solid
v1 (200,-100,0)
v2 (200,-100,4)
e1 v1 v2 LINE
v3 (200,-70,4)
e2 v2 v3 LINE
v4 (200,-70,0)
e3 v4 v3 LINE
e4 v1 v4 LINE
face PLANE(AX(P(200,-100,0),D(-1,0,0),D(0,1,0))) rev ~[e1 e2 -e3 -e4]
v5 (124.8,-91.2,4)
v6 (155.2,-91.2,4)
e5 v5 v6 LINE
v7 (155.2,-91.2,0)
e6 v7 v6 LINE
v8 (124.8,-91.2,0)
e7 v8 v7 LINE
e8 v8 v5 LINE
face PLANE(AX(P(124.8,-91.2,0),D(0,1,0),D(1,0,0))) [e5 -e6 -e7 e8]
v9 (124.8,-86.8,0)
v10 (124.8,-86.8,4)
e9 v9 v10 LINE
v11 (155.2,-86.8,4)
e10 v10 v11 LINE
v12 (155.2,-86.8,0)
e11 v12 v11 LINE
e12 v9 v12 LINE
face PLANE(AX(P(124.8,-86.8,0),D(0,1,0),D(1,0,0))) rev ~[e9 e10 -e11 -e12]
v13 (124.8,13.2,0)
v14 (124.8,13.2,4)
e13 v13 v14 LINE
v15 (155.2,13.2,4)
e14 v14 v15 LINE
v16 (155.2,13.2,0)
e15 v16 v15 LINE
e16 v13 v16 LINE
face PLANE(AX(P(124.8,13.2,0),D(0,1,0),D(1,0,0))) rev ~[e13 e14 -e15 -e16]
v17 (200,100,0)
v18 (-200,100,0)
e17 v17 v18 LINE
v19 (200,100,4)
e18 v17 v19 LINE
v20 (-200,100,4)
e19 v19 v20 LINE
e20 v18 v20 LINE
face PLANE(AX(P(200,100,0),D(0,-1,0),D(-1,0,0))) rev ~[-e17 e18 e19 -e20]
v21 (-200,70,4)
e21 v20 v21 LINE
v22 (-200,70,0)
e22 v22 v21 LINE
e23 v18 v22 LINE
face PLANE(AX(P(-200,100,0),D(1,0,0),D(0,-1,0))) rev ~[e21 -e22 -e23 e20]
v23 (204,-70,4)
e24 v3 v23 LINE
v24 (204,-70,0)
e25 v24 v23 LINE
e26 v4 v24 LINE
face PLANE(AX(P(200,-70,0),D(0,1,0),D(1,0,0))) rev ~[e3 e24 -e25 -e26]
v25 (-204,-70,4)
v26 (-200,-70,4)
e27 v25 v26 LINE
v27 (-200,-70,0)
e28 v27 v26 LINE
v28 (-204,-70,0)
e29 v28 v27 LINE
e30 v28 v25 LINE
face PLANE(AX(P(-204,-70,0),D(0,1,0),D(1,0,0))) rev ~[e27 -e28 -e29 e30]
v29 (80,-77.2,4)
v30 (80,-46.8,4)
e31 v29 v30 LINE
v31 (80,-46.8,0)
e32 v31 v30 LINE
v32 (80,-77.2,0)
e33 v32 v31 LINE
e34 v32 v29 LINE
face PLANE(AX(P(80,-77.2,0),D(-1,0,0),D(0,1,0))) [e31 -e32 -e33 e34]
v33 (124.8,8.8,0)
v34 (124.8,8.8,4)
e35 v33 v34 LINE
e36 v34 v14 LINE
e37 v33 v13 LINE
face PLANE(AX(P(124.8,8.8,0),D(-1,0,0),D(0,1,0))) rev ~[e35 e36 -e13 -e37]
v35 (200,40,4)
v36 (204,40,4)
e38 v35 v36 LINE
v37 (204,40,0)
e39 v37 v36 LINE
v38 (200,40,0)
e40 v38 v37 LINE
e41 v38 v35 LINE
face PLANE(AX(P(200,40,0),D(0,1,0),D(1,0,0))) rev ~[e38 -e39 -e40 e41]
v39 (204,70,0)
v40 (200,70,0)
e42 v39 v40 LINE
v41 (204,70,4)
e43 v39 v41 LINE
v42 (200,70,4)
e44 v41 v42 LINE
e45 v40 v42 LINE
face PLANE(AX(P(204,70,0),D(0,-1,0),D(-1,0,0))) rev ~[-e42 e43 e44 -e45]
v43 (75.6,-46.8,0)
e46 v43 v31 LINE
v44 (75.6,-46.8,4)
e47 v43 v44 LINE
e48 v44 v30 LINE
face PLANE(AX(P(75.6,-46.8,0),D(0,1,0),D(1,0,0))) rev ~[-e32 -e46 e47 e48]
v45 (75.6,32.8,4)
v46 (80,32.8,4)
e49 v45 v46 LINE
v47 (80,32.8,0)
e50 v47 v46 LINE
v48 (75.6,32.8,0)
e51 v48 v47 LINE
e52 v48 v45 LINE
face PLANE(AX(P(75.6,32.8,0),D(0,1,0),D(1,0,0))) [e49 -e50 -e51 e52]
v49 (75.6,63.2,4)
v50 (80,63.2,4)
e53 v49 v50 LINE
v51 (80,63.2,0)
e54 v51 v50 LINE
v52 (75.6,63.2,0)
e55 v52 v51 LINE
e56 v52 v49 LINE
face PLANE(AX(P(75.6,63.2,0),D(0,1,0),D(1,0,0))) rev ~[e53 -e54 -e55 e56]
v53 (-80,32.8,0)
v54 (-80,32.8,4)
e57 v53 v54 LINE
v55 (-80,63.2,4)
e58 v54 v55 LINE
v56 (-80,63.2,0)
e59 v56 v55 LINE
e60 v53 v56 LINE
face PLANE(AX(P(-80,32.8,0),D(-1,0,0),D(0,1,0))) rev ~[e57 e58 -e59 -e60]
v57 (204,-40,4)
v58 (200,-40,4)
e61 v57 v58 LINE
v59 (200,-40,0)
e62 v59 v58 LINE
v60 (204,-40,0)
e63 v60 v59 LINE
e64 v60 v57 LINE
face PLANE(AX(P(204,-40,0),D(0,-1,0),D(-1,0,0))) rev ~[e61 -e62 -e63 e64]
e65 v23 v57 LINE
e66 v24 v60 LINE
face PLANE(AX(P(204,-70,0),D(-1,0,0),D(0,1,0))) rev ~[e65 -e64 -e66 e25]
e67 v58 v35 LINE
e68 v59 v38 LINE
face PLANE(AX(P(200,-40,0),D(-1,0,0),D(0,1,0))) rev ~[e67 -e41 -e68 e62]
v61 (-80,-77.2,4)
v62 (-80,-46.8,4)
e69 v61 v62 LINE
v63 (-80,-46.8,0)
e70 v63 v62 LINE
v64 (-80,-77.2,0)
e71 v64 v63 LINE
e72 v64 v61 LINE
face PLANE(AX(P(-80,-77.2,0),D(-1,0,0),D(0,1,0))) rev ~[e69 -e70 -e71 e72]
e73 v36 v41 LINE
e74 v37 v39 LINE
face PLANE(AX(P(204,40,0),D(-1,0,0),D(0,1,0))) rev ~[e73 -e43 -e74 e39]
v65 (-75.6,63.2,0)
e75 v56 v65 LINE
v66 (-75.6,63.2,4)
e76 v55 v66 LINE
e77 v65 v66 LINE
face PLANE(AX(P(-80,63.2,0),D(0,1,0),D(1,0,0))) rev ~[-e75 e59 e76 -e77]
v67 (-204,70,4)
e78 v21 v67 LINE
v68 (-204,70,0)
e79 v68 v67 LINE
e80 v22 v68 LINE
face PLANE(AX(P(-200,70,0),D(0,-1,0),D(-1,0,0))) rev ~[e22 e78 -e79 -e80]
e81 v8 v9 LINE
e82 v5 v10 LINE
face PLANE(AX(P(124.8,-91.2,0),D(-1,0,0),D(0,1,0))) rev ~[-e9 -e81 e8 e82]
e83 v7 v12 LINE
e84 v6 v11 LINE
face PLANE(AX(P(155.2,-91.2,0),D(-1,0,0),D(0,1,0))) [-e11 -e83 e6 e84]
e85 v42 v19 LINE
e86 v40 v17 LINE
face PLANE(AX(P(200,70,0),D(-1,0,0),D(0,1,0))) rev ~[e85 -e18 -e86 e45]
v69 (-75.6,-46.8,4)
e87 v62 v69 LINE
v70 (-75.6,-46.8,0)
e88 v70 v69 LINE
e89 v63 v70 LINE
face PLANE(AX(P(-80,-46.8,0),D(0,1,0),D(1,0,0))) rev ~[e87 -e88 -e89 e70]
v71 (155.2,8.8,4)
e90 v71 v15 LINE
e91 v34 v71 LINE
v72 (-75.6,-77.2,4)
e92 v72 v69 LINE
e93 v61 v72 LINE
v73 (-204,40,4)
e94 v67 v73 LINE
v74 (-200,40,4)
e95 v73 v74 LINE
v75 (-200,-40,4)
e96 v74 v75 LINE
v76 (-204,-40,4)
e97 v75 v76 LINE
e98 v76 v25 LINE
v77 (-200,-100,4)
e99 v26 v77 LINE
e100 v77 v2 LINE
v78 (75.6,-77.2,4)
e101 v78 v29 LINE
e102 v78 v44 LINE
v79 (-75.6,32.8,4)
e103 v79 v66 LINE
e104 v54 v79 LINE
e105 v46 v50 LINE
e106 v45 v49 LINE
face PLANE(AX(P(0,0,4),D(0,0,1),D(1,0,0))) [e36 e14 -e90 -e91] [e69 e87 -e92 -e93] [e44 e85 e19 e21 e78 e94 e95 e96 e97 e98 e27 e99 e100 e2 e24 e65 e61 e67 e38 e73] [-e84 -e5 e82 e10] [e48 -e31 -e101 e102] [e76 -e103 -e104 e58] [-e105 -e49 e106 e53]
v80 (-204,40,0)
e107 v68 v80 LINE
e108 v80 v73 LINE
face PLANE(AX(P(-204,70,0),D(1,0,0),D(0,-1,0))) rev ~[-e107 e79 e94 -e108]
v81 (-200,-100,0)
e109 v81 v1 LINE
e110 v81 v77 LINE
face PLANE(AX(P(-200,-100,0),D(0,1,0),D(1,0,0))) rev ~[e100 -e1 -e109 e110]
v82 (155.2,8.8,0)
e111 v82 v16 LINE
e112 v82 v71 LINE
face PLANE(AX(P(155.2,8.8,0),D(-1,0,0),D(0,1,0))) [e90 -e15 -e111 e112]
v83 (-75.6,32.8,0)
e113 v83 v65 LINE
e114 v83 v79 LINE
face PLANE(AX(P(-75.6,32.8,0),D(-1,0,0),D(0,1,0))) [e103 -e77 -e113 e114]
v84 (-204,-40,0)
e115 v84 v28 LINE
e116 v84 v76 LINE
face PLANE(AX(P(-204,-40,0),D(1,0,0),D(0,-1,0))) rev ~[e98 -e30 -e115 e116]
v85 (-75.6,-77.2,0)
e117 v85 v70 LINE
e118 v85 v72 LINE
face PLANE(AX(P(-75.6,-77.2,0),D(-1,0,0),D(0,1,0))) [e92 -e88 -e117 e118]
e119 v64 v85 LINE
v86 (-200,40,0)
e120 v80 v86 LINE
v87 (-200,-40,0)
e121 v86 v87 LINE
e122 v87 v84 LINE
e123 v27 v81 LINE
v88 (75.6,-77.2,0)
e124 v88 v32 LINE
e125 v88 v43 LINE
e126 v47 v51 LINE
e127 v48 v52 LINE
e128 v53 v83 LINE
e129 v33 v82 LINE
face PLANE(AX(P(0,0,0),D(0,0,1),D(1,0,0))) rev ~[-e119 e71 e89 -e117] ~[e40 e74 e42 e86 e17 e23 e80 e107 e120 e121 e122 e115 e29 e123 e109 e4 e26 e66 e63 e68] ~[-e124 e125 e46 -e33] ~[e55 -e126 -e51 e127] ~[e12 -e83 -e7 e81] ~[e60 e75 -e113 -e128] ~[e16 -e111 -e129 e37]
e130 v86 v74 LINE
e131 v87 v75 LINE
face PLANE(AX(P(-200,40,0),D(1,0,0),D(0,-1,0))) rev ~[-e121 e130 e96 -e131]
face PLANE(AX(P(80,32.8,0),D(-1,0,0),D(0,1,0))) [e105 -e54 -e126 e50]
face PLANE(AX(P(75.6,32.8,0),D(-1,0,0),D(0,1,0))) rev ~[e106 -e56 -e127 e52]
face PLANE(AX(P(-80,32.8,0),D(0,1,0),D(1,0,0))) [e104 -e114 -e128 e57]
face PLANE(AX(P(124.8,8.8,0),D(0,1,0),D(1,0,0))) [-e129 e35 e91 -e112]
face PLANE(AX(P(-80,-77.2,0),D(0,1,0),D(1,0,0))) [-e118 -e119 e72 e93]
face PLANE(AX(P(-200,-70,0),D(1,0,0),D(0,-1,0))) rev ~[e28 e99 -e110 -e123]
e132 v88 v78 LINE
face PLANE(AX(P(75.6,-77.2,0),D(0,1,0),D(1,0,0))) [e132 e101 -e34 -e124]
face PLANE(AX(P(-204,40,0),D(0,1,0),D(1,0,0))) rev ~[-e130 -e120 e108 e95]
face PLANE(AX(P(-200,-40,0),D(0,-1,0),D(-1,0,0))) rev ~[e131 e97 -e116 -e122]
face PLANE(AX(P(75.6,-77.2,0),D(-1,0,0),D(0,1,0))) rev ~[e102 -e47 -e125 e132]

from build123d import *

# Parameters (mm, degrees)
SKETCH_1_W      = 4.4
SKETCH_1_H      = 30.4
SKETCH_1_W_2    = 30.4
SKETCH_1_H_2    = 4.4
EXTRUDE_1_DEPTH = 4


with BuildPart() as part:
    # Эскиз1 → Бобышка-Вытянуть1 (new body)
    with BuildSketch(Plane.XY):
        Polygon((200, 100), (-200, 100), (-200, 70), (-204, 70), (-204, 40), (-200, 40), (-200, -40), (-204, -40), (-204, -70), (-200, -70), (-200, -100), (200, -100), (200, -70), (204, -70), (204, -40), (200, -40), (200, 40), (204, 40), (204, 70), (200, 70), align=None)
        with Locations((-77.8, -62)):
            Rectangle(SKETCH_1_W, SKETCH_1_H, mode=Mode.SUBTRACT)
        with Locations((77.8, -62)):
            Rectangle(SKETCH_1_W, SKETCH_1_H, mode=Mode.SUBTRACT)
        with Locations((140, -89)):
            Rectangle(SKETCH_1_W_2, SKETCH_1_H_2, mode=Mode.SUBTRACT)
        with Locations((-77.8, 48)):
            Rectangle(SKETCH_1_W, SKETCH_1_H, mode=Mode.SUBTRACT)
        with Locations((77.8, 48)):
            Rectangle(SKETCH_1_W, SKETCH_1_H, mode=Mode.SUBTRACT)
        with Locations((140, 11)):
            Rectangle(SKETCH_1_W_2, SKETCH_1_H_2, mode=Mode.SUBTRACT)
    extrude(amount=EXTRUDE_1_DEPTH)


solid = part.part
